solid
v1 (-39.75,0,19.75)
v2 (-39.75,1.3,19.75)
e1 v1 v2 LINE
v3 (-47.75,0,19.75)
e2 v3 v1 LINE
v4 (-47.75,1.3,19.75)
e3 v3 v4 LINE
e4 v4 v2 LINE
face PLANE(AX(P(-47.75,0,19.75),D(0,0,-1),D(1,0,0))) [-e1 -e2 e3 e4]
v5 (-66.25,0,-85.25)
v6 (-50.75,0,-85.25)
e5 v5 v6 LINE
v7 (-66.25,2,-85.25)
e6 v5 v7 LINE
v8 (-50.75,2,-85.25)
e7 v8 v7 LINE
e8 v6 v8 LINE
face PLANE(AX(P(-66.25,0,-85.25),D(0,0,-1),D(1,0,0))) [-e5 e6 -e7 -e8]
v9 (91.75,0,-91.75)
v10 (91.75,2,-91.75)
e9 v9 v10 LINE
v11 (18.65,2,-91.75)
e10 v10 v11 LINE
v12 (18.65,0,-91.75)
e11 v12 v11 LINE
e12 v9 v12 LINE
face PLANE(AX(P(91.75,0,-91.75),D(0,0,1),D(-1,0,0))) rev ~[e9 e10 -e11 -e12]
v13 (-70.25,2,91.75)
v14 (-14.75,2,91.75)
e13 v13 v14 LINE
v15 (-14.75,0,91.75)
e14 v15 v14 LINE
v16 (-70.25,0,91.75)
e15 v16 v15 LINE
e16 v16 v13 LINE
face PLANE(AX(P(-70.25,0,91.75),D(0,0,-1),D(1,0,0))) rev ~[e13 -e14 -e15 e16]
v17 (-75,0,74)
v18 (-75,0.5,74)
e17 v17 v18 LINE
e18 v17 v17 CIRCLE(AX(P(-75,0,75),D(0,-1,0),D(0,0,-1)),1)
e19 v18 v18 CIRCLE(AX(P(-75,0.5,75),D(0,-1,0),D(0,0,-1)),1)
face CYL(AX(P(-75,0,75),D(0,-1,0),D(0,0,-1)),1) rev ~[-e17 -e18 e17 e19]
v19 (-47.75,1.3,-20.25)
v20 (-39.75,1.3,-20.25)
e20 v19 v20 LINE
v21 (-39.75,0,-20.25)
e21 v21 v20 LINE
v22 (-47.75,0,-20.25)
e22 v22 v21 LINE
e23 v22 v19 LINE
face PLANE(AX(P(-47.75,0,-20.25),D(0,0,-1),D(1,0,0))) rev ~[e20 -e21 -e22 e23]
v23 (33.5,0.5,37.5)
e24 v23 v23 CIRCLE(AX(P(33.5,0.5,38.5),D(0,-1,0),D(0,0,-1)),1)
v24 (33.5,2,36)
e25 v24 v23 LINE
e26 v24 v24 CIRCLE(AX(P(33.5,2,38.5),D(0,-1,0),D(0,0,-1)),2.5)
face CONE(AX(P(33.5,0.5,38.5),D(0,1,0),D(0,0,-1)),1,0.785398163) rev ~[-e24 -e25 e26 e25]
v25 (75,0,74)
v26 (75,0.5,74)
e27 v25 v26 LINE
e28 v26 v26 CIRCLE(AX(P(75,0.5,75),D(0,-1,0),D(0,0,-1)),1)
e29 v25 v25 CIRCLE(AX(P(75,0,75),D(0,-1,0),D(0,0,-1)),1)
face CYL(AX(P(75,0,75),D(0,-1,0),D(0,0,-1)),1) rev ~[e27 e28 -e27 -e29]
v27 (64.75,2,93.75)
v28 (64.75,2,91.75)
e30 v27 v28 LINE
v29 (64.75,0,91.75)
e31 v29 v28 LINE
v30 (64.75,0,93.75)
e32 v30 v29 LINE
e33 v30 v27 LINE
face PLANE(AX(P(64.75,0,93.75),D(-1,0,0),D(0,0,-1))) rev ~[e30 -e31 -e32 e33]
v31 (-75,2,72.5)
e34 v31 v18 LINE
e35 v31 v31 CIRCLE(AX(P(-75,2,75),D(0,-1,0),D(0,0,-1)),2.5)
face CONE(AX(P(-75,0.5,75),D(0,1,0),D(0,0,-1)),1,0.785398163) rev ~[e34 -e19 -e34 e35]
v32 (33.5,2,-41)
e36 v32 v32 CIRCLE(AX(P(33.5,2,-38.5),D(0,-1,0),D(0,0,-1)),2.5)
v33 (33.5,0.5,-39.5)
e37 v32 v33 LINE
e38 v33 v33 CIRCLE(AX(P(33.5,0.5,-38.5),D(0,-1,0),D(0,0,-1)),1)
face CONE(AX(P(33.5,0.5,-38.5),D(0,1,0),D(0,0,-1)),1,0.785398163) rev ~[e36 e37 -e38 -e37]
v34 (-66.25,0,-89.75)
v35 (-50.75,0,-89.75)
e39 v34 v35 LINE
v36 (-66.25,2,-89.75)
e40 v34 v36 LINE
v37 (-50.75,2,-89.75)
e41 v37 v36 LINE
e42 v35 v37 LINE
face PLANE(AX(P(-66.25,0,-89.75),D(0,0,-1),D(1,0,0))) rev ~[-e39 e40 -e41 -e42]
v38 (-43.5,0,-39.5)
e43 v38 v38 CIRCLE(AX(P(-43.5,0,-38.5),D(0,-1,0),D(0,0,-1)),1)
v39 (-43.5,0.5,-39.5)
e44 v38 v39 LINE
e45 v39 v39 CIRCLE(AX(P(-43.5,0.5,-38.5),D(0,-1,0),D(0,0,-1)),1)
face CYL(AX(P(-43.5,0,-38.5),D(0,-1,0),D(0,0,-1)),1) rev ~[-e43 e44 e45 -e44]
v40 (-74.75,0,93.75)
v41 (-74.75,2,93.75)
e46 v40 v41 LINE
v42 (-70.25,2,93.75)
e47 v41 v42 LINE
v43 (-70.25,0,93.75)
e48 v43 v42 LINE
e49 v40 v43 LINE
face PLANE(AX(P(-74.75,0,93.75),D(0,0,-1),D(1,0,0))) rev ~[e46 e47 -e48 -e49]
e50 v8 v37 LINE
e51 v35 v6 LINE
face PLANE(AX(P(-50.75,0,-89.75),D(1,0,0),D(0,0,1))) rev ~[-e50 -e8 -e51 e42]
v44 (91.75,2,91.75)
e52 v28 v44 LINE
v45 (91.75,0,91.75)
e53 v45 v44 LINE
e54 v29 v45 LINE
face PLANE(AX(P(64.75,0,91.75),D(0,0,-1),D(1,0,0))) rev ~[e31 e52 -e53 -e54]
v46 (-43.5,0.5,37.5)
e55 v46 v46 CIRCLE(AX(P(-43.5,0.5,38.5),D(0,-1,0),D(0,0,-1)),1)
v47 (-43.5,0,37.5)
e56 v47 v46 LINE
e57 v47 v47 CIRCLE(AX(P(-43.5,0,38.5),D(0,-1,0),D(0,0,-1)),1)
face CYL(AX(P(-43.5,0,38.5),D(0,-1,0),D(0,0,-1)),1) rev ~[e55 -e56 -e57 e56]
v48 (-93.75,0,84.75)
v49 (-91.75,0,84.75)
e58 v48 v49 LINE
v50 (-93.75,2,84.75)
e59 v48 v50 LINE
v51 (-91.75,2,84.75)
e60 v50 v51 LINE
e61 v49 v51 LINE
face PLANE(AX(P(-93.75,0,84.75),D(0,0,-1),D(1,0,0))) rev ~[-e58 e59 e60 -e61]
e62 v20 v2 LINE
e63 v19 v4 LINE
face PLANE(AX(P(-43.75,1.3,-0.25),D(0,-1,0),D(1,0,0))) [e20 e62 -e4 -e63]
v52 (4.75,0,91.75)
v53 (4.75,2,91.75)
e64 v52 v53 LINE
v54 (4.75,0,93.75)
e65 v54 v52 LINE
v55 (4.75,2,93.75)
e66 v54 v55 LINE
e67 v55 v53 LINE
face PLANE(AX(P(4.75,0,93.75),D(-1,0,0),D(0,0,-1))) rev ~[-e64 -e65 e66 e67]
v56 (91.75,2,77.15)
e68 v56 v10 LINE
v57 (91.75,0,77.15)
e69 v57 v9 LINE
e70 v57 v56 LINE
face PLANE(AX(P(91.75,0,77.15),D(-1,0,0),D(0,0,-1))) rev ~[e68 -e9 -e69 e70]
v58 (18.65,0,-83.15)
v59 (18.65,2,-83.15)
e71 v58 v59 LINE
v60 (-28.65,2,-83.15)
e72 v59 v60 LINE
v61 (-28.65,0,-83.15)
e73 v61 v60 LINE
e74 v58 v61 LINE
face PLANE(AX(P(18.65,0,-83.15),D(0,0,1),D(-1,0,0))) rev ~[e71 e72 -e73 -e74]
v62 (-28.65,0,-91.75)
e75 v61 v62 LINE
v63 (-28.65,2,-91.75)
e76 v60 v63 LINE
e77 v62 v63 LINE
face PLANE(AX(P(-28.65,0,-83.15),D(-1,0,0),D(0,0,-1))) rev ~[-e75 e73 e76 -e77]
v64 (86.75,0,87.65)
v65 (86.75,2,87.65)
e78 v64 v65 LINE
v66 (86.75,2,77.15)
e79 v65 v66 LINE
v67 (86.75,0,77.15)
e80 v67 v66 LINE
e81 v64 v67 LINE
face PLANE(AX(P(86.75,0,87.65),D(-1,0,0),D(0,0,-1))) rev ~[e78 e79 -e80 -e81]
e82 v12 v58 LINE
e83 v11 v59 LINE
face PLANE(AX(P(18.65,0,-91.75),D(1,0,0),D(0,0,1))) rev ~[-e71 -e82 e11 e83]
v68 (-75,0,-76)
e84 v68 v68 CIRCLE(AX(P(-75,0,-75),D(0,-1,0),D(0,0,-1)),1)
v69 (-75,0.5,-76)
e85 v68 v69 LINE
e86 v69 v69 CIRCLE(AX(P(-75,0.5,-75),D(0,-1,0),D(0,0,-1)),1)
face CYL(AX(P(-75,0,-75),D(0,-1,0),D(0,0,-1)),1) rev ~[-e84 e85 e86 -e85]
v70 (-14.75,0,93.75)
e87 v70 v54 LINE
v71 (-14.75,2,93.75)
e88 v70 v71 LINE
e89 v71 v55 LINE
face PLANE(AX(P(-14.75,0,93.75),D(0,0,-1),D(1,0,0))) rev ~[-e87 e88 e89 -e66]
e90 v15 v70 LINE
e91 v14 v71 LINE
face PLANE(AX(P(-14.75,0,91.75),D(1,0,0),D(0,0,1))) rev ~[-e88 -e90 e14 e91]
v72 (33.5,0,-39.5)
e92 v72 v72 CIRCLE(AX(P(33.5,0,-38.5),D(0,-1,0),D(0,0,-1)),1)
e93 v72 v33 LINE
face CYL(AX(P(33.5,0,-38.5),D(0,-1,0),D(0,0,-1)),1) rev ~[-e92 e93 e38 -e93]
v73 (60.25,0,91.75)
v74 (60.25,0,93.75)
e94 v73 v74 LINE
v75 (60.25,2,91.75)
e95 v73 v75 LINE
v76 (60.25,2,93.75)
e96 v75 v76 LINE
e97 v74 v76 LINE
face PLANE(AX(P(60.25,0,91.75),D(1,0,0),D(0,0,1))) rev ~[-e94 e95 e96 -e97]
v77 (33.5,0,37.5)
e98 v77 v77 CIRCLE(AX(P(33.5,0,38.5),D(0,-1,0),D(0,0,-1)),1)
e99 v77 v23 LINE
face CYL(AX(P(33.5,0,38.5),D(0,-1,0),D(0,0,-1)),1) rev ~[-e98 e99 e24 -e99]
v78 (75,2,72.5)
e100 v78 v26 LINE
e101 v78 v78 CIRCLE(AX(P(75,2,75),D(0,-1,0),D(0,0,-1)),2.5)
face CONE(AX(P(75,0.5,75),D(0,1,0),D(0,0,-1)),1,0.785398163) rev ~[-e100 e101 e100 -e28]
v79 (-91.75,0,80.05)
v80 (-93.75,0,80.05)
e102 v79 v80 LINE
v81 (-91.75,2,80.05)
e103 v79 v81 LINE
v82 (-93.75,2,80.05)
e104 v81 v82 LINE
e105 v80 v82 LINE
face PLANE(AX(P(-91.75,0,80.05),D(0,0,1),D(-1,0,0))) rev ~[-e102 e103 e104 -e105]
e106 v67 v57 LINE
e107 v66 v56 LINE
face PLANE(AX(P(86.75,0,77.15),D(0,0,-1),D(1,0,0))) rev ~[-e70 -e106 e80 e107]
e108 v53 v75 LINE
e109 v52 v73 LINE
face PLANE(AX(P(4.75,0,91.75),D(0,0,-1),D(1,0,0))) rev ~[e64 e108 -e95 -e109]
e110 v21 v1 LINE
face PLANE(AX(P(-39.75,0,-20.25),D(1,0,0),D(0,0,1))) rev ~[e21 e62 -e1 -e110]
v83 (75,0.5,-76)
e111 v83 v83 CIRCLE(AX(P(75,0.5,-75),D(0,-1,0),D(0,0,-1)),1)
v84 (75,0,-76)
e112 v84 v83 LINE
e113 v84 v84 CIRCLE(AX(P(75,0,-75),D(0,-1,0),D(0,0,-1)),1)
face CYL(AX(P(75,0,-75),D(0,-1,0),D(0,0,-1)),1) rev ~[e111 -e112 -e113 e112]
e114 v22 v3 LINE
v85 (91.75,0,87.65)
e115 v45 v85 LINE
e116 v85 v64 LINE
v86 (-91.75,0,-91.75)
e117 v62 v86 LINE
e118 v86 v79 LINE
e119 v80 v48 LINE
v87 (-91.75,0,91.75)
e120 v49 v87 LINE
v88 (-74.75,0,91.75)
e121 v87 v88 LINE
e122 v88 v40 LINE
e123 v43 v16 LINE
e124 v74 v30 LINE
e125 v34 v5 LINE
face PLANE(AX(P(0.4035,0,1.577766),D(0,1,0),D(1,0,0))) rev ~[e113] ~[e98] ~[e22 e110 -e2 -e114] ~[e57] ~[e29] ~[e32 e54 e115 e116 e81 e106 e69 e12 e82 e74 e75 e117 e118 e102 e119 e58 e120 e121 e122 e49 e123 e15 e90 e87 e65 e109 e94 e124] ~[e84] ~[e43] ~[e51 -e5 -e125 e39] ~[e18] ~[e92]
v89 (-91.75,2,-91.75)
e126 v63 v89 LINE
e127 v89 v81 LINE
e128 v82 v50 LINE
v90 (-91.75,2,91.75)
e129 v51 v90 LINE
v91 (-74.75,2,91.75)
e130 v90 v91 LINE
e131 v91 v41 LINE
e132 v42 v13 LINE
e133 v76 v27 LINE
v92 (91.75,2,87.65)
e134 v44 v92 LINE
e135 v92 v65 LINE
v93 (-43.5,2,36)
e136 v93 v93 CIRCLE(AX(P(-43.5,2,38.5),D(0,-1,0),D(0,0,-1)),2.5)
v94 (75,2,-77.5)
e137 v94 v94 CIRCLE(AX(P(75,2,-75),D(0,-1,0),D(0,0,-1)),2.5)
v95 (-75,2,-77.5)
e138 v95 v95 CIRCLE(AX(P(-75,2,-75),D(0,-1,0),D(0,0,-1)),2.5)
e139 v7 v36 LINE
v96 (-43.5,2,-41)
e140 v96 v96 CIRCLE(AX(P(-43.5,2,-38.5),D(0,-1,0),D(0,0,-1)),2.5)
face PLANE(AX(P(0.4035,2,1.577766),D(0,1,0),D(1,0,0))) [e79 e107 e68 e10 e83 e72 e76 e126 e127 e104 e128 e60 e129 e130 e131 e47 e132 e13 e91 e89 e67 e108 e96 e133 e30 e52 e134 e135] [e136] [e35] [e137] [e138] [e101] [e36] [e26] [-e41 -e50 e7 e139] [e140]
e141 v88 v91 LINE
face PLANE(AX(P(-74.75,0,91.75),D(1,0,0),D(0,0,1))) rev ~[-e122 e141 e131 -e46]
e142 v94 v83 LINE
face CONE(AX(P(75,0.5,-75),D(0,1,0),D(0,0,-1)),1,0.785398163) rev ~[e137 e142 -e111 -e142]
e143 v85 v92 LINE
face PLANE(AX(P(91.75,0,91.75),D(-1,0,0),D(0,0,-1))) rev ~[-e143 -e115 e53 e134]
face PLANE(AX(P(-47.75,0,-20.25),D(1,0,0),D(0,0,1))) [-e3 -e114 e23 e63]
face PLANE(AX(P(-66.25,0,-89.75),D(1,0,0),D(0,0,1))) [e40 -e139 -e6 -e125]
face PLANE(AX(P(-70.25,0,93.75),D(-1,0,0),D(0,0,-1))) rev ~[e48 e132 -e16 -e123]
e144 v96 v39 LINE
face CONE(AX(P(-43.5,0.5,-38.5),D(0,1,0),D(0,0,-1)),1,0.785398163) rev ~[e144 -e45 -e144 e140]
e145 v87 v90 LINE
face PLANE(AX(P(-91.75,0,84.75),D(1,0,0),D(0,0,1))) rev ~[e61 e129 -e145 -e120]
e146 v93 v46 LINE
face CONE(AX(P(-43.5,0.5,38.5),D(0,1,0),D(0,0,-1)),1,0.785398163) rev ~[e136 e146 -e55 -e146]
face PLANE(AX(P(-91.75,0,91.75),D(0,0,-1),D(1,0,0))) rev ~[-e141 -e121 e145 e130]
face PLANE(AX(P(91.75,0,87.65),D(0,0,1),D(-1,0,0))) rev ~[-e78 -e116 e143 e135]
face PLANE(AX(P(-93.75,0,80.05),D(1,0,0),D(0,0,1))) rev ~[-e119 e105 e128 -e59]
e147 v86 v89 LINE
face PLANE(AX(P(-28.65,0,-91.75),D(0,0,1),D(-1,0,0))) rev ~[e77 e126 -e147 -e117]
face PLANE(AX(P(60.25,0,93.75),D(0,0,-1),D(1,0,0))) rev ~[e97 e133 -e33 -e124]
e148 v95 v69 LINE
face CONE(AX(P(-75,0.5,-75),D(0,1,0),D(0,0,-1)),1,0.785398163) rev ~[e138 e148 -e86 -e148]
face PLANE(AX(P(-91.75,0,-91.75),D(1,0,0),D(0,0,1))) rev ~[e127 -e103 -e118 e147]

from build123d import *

# Parameters (mm, degrees)
BOSS_EXTRUDE1_DEPTH = 2
SKETCH2_R           = 1
CUT_EXTRUDE1_DEPTH  = 133.597605559
CHAMFER1_SIZE       = 1.5
SKETCH3_W           = 15.5
SKETCH3_H           = 4.5
CUT_EXTRUDE2_DEPTH  = 133.597605559
SKETCH4_W           = 8
SKETCH4_H           = 40
CUT_EXTRUDE3_DEPTH  = 1.3


with BuildPart() as part:
    # Sketch1 → Boss-Extrude1 (new body)
    with BuildSketch(Plane(origin=(0, 0, 0), x_dir=(1, 0, 0), z_dir=(0, 1, 0))):
        Polygon((-74.75, -93.75), (-70.25, -93.75), (-70.25, -91.75), (-14.75, -91.75), (-14.75, -93.75), (4.75, -93.75), (4.75, -91.75), (60.25, -91.75), (60.25, -93.75), (64.75, -93.75), (64.75, -91.75), (91.75, -91.75), (91.75, -87.65), (86.75, -87.65), (86.75, -77.15), (91.75, -77.15), (91.75, 91.75), (18.65, 91.75), (18.65, 83.15), (-28.65, 83.15), (-28.65, 91.75), (-91.75, 91.75), (-91.75, -80.05), (-93.75, -80.05), (-93.75, -84.75), (-91.75, -84.75), (-91.75, -91.75), (-74.75, -91.75), align=None)
    extrude(amount=BOSS_EXTRUDE1_DEPTH)

    # Sketch2 → Cut-Extrude1 (cut, through all)
    with BuildSketch(Plane.XZ):
        with Locations(Location((75, -75, 0), (0, 0, 270))):
            Circle(SKETCH2_R)
        with Locations(Location((-75, -75, 0), (0, 0, 270))):
            Circle(SKETCH2_R)
        with Locations(Location((-75, 75, 0), (0, 0, 270))):
            Circle(SKETCH2_R)
        with Locations(Location((75, 75, 0), (0, 0, 270))):
            Circle(SKETCH2_R)
        with Locations(Location((33.5, 38.5, 0), (0, 0, 270))):
            Circle(SKETCH2_R)
        with Locations(Location((-43.5, 38.5, 0), (0, 0, 270))):
            Circle(SKETCH2_R)
        with Locations(Location((-43.5, -38.5, 0), (0, 0, 270))):
            Circle(SKETCH2_R)
        with Locations(Location((33.5, -38.5, 0), (0, 0, 270))):
            Circle(SKETCH2_R)
    extrude(amount=-CUT_EXTRUDE1_DEPTH, mode=Mode.SUBTRACT)

    # Chamfer1
    chamfer1_edges = [part.edges().sort_by_distance(p)[0] for p in [
        (-75, 2, -74),
        (-75, 2, 76),
        (75, 2, 76),
        (33.5, 2, 39.5),
        (-43.5, 2, 39.5),
        (-43.5, 2, -37.5),
        (33.5, 2, -37.5),
        (75, 2, -74),
    ]]
    chamfer(chamfer1_edges, length=CHAMFER1_SIZE)

    # Sketch3 → Cut-Extrude2 (cut, through all)
    with BuildSketch(Plane.XZ):
        with Locations((-58.5, -87.5)):
            Rectangle(SKETCH3_W, SKETCH3_H)
    extrude(amount=-CUT_EXTRUDE2_DEPTH, mode=Mode.SUBTRACT)

    # Sketch4 → Cut-Extrude3 (cut)
    with BuildSketch(Plane.XZ):
        with Locations((-43.75, -0.25)):
            Rectangle(SKETCH4_W, SKETCH4_H)
    extrude(amount=-CUT_EXTRUDE3_DEPTH, mode=Mode.SUBTRACT)


solid = part.part
